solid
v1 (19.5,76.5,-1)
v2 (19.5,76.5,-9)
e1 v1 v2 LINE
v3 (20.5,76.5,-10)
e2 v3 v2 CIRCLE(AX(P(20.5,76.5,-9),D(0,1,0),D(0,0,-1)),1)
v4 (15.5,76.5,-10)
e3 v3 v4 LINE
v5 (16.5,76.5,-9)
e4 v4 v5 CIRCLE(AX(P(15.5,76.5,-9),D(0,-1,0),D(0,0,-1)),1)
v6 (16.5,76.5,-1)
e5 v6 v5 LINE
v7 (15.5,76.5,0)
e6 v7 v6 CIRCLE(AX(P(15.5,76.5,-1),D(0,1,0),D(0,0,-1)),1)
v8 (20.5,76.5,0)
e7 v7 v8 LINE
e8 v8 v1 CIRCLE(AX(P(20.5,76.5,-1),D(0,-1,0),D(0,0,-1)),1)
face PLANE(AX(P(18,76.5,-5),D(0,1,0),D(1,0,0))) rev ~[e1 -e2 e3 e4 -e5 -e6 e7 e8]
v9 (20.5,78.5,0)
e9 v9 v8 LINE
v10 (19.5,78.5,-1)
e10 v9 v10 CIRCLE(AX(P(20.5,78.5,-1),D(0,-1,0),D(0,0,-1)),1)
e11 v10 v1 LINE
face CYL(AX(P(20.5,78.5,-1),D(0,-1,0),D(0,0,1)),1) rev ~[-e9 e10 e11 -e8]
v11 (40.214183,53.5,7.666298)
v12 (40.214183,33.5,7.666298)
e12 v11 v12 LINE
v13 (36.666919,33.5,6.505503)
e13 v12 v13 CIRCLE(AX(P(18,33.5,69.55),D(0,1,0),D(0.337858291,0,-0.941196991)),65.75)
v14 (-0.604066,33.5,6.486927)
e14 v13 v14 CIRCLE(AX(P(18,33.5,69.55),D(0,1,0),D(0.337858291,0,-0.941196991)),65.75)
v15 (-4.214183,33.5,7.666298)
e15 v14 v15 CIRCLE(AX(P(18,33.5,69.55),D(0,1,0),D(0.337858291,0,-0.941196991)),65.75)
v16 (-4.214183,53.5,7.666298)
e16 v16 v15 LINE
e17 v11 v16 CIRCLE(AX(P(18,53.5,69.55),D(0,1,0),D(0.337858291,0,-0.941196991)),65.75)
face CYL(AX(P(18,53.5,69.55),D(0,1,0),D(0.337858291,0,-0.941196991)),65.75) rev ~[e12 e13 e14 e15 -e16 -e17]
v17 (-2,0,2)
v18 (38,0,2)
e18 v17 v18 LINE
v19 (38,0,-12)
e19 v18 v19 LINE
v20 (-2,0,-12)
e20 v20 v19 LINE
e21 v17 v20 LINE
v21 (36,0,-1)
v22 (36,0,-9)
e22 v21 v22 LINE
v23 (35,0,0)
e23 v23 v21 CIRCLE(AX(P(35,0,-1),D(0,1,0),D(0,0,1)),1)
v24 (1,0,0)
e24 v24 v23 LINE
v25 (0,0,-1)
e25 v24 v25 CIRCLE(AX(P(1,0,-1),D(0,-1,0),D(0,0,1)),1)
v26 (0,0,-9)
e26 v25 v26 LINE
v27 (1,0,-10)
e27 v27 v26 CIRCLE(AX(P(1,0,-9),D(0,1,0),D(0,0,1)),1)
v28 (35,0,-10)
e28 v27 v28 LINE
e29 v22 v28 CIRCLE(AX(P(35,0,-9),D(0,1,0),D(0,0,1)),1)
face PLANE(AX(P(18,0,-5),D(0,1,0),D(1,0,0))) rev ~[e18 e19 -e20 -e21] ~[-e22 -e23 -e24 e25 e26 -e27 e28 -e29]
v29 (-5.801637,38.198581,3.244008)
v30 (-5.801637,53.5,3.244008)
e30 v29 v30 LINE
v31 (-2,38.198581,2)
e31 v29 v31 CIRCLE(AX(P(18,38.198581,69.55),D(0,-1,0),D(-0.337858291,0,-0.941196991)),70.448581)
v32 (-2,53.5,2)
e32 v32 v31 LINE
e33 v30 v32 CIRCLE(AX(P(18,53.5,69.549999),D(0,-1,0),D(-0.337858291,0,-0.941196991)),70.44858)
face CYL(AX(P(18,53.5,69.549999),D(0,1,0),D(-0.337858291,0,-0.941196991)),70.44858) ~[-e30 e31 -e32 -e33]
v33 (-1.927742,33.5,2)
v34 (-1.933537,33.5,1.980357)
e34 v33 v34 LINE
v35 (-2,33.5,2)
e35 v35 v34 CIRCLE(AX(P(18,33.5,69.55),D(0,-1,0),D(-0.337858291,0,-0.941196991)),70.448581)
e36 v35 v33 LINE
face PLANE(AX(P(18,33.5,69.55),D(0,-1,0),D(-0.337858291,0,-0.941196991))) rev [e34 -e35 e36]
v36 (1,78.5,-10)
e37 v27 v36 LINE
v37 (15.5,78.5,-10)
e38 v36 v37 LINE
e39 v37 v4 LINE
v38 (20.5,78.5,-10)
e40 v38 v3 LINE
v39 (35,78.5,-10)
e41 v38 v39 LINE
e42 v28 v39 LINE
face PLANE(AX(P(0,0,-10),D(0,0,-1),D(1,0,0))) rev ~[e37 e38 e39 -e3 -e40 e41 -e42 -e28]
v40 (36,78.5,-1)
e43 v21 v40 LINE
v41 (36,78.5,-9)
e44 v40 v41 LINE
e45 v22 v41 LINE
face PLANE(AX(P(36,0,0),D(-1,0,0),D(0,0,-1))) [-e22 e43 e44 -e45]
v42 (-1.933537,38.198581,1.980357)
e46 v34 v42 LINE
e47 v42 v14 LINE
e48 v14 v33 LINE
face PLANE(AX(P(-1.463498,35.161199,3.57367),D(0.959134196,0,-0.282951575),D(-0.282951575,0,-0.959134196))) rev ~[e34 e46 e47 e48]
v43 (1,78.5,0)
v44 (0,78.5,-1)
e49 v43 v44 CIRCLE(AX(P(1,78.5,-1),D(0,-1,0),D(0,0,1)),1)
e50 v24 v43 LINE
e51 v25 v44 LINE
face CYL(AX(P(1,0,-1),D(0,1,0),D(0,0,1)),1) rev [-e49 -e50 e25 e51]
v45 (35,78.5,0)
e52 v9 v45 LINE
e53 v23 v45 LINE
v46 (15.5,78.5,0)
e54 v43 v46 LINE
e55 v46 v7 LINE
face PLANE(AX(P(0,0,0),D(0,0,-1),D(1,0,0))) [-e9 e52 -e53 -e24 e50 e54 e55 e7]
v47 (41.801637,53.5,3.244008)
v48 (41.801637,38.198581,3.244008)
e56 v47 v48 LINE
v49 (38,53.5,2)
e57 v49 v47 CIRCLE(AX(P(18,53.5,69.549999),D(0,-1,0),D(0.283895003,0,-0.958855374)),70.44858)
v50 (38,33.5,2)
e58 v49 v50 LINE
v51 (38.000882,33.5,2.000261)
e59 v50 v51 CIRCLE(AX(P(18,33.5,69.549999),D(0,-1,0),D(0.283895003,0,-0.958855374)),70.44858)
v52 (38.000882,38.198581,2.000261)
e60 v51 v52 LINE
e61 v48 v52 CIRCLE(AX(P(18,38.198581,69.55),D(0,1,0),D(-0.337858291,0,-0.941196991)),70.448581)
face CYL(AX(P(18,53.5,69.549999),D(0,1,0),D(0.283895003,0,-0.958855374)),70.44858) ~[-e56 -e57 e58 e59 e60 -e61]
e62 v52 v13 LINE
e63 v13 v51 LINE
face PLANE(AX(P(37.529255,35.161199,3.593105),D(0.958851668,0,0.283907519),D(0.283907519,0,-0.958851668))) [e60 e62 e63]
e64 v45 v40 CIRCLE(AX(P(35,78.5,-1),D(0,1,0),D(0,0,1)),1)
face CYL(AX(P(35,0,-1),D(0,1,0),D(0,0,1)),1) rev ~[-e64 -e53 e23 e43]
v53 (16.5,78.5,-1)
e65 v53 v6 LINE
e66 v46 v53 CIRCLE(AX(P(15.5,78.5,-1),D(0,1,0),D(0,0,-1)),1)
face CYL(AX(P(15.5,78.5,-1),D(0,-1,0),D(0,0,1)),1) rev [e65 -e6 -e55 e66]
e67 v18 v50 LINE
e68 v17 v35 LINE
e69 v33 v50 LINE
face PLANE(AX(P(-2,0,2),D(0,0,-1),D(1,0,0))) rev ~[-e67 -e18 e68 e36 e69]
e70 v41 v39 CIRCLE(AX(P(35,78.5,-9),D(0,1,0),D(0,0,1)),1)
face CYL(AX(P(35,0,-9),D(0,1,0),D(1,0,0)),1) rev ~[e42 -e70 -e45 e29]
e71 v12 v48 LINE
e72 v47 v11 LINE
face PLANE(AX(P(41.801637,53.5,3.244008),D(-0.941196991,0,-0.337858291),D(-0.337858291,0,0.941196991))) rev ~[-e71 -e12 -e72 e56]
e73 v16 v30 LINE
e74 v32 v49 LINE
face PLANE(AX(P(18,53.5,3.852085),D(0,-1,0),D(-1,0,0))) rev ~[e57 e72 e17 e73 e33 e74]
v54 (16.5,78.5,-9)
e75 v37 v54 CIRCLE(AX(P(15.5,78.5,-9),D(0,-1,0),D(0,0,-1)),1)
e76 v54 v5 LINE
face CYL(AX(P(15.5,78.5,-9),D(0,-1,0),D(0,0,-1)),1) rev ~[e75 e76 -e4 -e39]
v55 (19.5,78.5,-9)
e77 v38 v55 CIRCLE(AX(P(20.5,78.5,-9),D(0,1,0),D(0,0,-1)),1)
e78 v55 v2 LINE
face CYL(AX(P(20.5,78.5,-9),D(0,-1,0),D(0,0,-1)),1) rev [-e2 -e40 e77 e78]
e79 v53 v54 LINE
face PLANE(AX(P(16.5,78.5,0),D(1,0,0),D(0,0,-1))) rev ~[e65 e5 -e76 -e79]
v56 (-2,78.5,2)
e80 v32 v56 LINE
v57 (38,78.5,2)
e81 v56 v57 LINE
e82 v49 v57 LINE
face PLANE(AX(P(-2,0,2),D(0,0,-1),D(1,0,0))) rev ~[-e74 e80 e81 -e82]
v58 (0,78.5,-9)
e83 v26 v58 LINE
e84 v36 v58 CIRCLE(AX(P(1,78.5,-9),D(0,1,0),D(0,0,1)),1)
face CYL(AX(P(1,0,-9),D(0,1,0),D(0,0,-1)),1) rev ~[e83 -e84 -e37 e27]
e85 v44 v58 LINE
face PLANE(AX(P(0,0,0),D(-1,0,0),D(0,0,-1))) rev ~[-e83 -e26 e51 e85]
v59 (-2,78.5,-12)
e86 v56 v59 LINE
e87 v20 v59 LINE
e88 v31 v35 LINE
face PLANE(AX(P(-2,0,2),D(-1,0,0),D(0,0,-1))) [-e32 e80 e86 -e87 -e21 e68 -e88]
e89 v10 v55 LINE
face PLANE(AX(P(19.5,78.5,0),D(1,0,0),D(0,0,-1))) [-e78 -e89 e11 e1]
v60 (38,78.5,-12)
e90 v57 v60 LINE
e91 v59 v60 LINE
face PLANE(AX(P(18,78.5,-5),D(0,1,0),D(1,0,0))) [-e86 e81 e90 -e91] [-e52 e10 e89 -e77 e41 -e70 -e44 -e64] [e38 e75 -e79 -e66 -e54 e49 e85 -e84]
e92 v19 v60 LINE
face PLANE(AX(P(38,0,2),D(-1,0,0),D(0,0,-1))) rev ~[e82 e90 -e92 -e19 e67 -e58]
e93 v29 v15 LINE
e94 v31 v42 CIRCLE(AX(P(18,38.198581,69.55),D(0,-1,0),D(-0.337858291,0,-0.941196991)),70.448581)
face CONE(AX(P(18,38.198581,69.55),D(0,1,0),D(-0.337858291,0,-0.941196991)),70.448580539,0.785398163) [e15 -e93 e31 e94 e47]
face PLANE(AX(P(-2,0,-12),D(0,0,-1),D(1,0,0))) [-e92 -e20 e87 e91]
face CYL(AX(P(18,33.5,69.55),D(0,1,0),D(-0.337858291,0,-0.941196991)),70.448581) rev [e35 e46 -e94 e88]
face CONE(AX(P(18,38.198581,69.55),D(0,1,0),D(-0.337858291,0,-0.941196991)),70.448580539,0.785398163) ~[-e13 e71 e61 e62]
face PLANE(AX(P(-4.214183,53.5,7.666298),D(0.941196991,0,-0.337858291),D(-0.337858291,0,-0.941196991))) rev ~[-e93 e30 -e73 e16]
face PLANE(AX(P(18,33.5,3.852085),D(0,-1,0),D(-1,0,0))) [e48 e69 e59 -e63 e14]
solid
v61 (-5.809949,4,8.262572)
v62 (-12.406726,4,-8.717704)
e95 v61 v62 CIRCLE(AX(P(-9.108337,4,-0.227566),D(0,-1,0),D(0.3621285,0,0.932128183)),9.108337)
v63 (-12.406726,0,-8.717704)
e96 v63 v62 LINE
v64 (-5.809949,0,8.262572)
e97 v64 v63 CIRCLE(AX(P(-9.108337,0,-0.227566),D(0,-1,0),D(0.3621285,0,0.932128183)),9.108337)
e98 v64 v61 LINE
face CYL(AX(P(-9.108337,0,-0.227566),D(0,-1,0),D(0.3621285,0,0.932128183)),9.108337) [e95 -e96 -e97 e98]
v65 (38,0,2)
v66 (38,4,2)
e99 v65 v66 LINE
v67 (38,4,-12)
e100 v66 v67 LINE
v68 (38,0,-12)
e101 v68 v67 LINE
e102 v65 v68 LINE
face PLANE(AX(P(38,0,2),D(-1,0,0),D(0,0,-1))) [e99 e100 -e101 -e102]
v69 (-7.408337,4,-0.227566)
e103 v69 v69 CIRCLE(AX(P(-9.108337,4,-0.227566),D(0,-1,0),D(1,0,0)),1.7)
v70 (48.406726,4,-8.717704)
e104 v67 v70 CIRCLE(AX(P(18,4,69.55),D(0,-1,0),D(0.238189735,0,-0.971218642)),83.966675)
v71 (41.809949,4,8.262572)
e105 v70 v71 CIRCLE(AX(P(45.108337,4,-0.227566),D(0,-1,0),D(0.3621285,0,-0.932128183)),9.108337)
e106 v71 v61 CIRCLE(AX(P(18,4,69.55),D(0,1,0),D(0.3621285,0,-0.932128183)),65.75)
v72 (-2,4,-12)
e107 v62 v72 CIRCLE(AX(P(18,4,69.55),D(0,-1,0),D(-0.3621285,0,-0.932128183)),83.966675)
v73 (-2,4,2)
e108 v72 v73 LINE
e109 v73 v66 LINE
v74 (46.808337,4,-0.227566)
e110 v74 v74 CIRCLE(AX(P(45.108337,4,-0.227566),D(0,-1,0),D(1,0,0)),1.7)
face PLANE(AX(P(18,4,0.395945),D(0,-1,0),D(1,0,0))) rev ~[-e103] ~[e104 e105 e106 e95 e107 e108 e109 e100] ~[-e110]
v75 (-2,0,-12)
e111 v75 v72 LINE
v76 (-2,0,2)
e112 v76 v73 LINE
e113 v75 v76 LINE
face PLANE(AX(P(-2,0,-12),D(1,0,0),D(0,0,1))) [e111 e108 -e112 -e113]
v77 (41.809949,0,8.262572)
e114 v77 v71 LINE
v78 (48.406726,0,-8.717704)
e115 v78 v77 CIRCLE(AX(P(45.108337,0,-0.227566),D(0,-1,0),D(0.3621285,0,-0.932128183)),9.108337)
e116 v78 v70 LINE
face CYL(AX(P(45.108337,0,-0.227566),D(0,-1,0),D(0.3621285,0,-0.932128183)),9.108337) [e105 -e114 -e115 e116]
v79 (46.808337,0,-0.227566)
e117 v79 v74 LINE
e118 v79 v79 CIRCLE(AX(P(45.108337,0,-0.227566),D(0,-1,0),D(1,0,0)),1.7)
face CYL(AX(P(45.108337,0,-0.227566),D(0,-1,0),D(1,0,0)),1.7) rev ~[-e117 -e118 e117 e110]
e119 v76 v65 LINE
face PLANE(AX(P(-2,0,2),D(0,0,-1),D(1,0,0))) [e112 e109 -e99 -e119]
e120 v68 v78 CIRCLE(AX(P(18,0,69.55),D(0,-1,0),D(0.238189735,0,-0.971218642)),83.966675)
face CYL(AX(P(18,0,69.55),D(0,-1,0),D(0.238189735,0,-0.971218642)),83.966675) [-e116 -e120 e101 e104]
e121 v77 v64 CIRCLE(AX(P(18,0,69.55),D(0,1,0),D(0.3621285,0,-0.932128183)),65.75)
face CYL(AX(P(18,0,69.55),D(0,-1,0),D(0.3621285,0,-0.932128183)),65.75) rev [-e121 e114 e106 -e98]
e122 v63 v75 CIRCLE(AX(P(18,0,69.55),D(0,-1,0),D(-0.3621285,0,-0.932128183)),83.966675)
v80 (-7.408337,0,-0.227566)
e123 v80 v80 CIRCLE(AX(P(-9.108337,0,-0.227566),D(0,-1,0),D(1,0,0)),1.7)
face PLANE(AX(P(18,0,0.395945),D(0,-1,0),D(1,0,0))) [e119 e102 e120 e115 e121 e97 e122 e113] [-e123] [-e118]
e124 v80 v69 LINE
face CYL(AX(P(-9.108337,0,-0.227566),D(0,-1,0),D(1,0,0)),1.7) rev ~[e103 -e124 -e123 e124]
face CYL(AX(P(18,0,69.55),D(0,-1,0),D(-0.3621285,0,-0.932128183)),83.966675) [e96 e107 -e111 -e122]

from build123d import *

# Parameters (mm, degrees)
SKETCH1_W                    = 40
SKETCH1_H                    = 14
SKETCH1_W_2                  = 36
SKETCH1_H_2                  = 10
BOSS_EXTRUDE1_DEPTH          = 78.5
SKETCH2_W                    = 3
SKETCH2_H                    = 10
BOSS_EXTRUDE2_DEPTH          = 2
BOSS_EXTRUDE7_START          = -25
BOSS_EXTRUDE7_DEPTH          = 20
CUT_REVOLVE1_ANGLE           = 323.76
CUT_REVOLVE1_OTHER_WAY_ANGLE = 3.31
SKETCH20_R                   = 1.7
BOSS_EXTRUDE8_DEPTH          = 4
FILLET1_R                    = 1


with BuildPart() as part:
    # Sketch1 → Boss-Extrude1 (new body)
    with BuildSketch(Plane(origin=(0, 0, 0), x_dir=(1, 0, 0), z_dir=(0, 1, 0))):
        with Locations((18, 5)):
            Rectangle(SKETCH1_W, SKETCH1_H)
        with Locations((18, 5)):
            Rectangle(SKETCH1_W_2, SKETCH1_H_2, mode=Mode.SUBTRACT)
    extrude(amount=BOSS_EXTRUDE1_DEPTH)

    # Sketch2 → Boss-Extrude2 (add)
    with BuildSketch(Plane(origin=(0, 78.5, 0), x_dir=(1, 0, 0), z_dir=(0, 1, 0))):
        with Locations((18, 5)):
            Rectangle(SKETCH2_W, SKETCH2_H)
    extrude(amount=-BOSS_EXTRUDE2_DEPTH)

    # Sketch17 → Boss-Extrude7 (add)
    with BuildSketch(Plane(origin=(0, 78.5, 0), x_dir=(1, 0, 0), z_dir=(0, 1, 0)).offset(BOSS_EXTRUDE7_START)):
        with BuildLine():
            Line((-4.214182636, -7.666297866), (-5.801637028, -3.244008002))
            ThreePointArc((-5.801637028, -3.244008002), (-3.909649485, -2.595016918), (-2, -2))
            Line((-2, -2), (38, -2))
            ThreePointArc((38, -2), (39.909649485, -2.595016918), (41.801637028, -3.244008002))
            Line((41.801637028, -3.244008002), (40.214182636, -7.666297866))
            ThreePointArc((40.214182636, -7.666297866), (18, -3.8), (-4.214182636, -7.666297866))
        make_face()
    extrude(amount=-BOSS_EXTRUDE7_DEPTH)

    # Sketch19 → Cut-Revolve1 (revolve, cut)
    with BuildSketch(Plane(origin=(-6.170956479, 0, 2.215167315), x_dir=(0.337858291, 0, 0.941196991), z_dir=(-0.941196991, 0, 0.337858291))):
        Polygon((1.093119398, 38.198580539), (5.791699937, 33.5), (1.093119398, 33.5), align=None)
    revolve(axis=Axis((18, 33.5, 69.55), (0, 1, 0)), revolution_arc=CUT_REVOLVE1_ANGLE, mode=Mode.SUBTRACT)

    # Sketch19 → Cut-Revolve1 other way (revolve, cut)
    with BuildSketch(Plane(origin=(-6.170956479, 0, 2.215167315), x_dir=(0.337858291, 0, 0.941196991), z_dir=(-0.941196991, 0, 0.337858291))):
        Polygon((1.093119398, 38.198580539), (5.791699937, 33.5), (1.093119398, 33.5), align=None)
    revolve(axis=Axis((18, 33.5, 69.55), (0, -1, 0)), revolution_arc=CUT_REVOLVE1_OTHER_WAY_ANGLE, mode=Mode.SUBTRACT)

    # Fillet1
    fillet1_edges = [part.edges().sort_by_distance(p)[0] for p in [
        (0, 39.25, -10),
        (0, 39.25, 0),
        (36, 39.25, 0),
        (36, 39.25, -10),
        (19.5, 77.5, -10),
        (19.5, 77.5, 0),
        (16.5, 77.5, 0),
        (16.5, 77.5, -10),
    ]]
    fillet(fillet1_edges, radius=FILLET1_R)


with BuildPart() as body_2:
    # Sketch20 → Boss-Extrude8 (new body)
    with BuildSketch(Plane.XZ):
        with BuildLine():
            ThreePointArc((38, -12), (43.256739188, -10.528084552), (48.406726055, -8.717704135))
            ThreePointArc((48.406726055, -8.717704135), (53.598475523, 3.070822505), (41.809948883, 8.262571973))
            ThreePointArc((41.809948883, 8.262571973), (18, 3.8), (-5.809948883, 8.262571973))
            ThreePointArc((-5.809948883, 8.262571973), (-17.598475523, 3.070822505), (-12.406726055, -8.717704135))
            ThreePointArc((-12.406726055, -8.717704135), (-7.256739188, -10.528084552), (-2, -12))
            Line((-2, -12), (-2, 2))
            Line((-2, 2), (38, 2))
            Line((38, 2), (38, -12))
        make_face()
        with Locations((-9.108337469, -0.227566081)):
            Circle(SKETCH20_R, mode=Mode.SUBTRACT)
        with Locations((45.108337469, -0.227566081)):
            Circle(SKETCH20_R, mode=Mode.SUBTRACT)
    extrude(amount=-BOSS_EXTRUDE8_DEPTH)


solid = Compound([part.part, body_2.part])
